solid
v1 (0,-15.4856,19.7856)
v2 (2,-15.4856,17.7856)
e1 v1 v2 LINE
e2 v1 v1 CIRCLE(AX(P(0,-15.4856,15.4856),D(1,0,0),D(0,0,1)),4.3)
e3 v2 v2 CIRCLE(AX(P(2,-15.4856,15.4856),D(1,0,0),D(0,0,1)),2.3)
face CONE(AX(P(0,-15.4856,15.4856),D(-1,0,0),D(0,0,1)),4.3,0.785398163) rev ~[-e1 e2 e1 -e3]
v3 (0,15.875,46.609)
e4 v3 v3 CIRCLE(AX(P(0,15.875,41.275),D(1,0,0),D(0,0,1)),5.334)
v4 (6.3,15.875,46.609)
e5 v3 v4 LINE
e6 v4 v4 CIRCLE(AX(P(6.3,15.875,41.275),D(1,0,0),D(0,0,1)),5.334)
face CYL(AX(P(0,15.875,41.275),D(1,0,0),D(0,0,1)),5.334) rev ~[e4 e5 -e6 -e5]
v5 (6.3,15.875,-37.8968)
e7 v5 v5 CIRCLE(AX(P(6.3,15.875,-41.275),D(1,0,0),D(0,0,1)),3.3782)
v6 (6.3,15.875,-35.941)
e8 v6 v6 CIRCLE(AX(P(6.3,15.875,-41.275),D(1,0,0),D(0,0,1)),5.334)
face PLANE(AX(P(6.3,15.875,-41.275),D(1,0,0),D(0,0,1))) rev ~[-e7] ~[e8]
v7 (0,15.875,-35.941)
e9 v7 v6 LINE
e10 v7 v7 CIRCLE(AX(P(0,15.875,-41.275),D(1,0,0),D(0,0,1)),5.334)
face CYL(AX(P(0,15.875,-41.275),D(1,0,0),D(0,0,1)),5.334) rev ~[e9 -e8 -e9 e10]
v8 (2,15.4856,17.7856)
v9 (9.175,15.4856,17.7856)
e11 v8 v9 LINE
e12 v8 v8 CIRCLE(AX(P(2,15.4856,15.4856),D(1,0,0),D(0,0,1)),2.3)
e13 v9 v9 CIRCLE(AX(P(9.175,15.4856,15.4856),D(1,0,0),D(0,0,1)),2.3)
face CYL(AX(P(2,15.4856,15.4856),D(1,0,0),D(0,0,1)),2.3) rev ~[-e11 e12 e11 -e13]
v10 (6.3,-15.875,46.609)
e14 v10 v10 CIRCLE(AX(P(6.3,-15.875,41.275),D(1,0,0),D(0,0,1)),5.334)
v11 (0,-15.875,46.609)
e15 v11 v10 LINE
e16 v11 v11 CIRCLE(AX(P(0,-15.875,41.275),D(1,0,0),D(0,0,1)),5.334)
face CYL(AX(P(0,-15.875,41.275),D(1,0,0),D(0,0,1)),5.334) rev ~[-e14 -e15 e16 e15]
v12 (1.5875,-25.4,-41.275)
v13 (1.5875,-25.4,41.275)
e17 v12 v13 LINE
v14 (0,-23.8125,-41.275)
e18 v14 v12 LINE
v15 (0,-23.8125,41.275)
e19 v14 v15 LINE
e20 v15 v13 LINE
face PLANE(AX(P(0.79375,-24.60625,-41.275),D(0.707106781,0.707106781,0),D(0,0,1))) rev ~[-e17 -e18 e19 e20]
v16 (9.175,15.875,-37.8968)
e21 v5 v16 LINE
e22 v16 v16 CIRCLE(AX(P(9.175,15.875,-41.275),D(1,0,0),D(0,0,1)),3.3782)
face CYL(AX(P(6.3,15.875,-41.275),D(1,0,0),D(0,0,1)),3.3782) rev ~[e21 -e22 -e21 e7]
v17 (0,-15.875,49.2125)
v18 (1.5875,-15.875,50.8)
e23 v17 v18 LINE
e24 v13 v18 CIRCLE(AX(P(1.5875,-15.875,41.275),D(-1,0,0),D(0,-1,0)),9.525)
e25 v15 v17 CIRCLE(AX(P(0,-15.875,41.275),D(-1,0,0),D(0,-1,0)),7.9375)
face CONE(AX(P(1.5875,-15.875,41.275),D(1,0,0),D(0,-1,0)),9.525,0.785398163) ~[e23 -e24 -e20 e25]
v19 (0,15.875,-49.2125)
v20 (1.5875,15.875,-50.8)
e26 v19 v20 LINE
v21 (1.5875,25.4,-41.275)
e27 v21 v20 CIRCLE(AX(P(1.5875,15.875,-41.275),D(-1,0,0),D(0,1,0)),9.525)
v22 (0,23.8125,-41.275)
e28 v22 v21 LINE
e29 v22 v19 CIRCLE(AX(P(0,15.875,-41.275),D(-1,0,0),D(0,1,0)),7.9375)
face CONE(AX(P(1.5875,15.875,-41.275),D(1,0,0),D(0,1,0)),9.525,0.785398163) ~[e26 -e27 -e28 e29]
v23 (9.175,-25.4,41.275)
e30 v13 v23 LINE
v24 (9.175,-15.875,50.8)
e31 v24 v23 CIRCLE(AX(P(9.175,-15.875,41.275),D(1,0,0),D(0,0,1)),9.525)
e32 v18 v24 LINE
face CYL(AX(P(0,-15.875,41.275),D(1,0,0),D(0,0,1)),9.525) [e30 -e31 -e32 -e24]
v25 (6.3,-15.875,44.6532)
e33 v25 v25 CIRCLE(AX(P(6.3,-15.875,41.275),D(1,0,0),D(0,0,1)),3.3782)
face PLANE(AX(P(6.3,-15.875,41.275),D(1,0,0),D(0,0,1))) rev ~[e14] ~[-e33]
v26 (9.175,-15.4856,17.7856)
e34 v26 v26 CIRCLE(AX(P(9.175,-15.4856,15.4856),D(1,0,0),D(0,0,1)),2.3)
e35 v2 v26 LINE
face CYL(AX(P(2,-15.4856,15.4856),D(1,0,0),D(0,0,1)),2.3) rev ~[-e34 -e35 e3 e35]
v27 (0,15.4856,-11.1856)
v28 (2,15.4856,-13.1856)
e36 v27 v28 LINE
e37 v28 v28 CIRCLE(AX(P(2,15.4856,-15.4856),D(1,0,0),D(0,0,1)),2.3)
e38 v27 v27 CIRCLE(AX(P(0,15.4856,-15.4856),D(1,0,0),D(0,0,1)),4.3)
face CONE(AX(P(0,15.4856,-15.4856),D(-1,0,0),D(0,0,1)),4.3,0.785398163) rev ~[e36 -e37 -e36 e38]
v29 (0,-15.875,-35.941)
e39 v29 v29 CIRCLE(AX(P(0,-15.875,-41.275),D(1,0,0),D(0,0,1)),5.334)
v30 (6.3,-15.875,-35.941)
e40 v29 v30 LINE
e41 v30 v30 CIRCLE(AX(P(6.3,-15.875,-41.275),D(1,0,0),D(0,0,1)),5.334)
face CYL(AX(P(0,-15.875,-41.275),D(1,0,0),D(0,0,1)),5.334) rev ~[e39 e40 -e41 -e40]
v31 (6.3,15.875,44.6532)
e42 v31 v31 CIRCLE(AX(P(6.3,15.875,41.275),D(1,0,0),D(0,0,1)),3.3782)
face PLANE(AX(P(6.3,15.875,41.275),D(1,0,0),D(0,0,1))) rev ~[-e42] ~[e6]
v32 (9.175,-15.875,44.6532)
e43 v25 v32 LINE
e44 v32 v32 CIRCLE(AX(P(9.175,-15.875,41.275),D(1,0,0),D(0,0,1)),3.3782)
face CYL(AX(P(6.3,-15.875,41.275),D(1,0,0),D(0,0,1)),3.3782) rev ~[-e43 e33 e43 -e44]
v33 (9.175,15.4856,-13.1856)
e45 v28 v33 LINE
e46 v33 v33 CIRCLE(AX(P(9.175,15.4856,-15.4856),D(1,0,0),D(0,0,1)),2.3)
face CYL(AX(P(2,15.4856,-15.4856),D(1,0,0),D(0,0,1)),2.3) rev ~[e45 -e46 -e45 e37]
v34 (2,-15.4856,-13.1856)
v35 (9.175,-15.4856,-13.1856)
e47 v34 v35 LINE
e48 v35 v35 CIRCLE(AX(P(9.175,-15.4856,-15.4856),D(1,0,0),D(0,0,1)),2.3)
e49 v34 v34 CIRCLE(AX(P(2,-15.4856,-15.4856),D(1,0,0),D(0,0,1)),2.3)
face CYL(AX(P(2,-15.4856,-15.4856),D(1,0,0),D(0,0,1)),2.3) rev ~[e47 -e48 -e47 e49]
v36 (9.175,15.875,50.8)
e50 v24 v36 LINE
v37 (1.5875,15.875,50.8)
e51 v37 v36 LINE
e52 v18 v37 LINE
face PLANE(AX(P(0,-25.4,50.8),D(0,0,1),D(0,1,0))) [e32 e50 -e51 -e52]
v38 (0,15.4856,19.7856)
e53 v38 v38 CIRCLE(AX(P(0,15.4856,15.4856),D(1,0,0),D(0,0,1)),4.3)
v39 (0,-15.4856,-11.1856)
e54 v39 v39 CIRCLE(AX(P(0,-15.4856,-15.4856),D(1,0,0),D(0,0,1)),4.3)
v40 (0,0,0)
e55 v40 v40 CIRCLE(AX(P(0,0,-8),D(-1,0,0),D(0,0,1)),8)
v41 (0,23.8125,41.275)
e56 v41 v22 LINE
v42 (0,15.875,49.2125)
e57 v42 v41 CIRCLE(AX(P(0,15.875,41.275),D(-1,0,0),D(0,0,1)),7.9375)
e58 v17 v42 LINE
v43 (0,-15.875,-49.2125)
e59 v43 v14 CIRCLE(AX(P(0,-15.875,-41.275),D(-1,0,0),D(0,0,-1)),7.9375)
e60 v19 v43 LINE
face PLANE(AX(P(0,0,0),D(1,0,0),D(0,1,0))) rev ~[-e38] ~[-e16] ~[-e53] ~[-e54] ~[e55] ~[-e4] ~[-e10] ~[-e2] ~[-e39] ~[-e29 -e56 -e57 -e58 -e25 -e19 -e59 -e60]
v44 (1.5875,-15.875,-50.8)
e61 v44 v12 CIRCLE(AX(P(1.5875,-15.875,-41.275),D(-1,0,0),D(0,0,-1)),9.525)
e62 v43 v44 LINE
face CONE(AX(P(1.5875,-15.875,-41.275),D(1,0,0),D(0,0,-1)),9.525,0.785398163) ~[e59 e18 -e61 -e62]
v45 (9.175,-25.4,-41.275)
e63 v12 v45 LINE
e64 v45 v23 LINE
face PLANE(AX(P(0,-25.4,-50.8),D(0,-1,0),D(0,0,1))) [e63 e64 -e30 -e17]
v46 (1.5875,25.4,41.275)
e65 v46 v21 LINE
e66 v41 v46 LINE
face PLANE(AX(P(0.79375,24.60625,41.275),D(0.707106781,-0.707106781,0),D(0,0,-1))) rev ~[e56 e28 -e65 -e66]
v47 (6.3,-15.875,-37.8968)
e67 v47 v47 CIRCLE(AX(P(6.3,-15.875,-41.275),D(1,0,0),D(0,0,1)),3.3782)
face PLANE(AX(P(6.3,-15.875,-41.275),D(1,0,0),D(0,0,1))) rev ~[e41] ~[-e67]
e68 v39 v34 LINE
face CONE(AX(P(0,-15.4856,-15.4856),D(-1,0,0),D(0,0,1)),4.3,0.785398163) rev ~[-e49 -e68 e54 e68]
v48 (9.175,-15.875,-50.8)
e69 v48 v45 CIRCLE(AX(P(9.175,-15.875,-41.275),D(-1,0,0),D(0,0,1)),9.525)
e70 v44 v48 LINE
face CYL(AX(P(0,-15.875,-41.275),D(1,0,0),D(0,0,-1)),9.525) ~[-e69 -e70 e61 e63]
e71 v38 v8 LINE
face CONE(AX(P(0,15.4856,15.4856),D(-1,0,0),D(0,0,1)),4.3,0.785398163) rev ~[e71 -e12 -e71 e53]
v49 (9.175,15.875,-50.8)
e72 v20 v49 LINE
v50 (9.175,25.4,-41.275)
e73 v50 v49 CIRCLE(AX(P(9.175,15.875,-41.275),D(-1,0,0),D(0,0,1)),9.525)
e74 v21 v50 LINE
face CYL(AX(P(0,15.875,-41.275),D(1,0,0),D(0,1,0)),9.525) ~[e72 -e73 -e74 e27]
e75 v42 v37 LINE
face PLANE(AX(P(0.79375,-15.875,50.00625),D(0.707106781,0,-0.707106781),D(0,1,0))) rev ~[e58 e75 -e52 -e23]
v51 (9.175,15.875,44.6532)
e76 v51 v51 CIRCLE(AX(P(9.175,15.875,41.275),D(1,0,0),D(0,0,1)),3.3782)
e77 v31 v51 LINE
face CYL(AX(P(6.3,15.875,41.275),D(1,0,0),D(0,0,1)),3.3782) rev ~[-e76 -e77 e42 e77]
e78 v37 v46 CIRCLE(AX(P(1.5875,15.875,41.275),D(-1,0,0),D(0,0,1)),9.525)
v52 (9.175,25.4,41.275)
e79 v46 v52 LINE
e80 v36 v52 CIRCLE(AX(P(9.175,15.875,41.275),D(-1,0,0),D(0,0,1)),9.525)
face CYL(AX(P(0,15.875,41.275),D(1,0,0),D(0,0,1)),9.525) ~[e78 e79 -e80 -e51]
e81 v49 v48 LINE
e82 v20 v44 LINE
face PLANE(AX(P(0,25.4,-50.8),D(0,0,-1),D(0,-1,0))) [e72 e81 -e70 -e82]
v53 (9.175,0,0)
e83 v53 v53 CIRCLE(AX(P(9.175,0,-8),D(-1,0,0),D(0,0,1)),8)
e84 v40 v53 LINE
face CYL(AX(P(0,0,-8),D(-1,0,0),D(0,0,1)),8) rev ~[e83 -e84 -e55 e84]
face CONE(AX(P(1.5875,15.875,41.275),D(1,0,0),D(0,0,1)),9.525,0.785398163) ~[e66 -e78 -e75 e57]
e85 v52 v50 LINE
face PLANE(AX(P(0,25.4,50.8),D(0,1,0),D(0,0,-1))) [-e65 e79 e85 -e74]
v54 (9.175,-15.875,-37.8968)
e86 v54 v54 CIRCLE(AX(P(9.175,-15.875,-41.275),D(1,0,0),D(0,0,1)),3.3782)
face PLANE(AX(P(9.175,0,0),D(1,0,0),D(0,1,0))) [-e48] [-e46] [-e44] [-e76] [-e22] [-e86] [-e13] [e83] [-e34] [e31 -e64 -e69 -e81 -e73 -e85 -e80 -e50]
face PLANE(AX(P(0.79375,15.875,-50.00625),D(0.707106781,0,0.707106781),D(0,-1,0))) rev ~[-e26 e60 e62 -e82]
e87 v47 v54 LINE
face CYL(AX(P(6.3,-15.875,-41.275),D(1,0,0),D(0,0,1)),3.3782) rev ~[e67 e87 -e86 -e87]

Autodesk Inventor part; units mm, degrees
ref_plane "YZ Plane" through (0, 0, 0) normal (1, 0, 0) x (0, 1, 0)
ref_plane "XZ Plane" through (0, 0, 0) normal (0, 1, 0) x (-1, 0, 0)
ref_plane "XY Plane" through (0, 0, 0) normal (0, 0, 1) x (1, 0, 0)
sketch "Sketch1" plane through (0, 0, 0) normal (1, 0, 0) x (0, 1, 0)
  line L0 (-25.4, 50.8) -> (25.4, 50.8)
  line L1 (25.4, 50.8) -> (25.4, -50.8)
  line L2 (25.4, -50.8) -> (-25.4, -50.8)
  line L3 (-25.4, -50.8) -> (-25.4, 50.8)
  line L4 (-25.4, 50.8) -> (25.4, -50.8) construction
  line L5 (25.4, 50.8) -> (-25.4, -50.8) construction
  point P0 (0, 0)
  dimension "d0" = 50.8
  dimension "d1" = 101.6
extrude "Extrusion1" add sketch "Sketch1" along normal blind 9.175
fillet "Fillet1" radius 9.525 4 edges at (4.5875, 25.4, 50.8) (4.5875, -25.4, 50.8) (4.5875, -25.4, -50.8) (4.5875, 25.4, -50.8)
sketch "Sketch2" plane through (0, 0, 0) normal (-1, 0, 0) x (0, 0, 1)
  circle A0 centre (-8, 0) radius 8 projected
  point P0 (0, 0)
  dimension "d5" = 16
extrude "Extrusion2" cut sketch "Sketch2" against normal through all
sketch "Sketch3" plane through (0, 0, 0) normal (-1, 0, 0) x (0, 0, 1)
  circle A0 centre (-8, 0) radius 8 projected
  arc A1 (-41.275, 25.4) -> (-50.8, 15.875) centre (-41.275, 15.875) ccw projected
  line L0 (-50.8, -15.875) -> (-50.8, 15.875) projected
  arc A2 (-50.8, -15.875) -> (-41.275, -25.4) centre (-41.275, -15.875) ccw projected
  line L1 (41.275, -25.4) -> (-41.275, -25.4) projected
  arc A3 (41.275, -25.4) -> (50.8, -15.875) centre (41.275, -15.875) ccw projected
  line L2 (50.8, 15.875) -> (50.8, -15.875) projected
  arc A4 (50.8, 15.875) -> (41.275, 25.4) centre (41.275, 15.875) ccw projected
  line L3 (-41.275, 25.4) -> (41.275, 25.4) projected
  point P0 (0, 0)
hole "Hole1" at (0, 15.875, -41.275) at (0, -15.875, -41.275) at (0, -15.875, 41.275) at (0, 15.875, 41.275) direction (1, 0, 0) diameter 6.7564 end through all counterbore diameter 10.668 counterbore depth 6.3 clearance for "Socket Head Cap Screw" size "1/4" standard "Ansi Unified Screw Threads"
chamfer "Chamfer1" distance 1.5875 angle 45 8 edges at (0, 0, -50.8) (0, 22.6102, -48.0102) (0, 25.4, 0) (0, 22.6102, 48.0102) (0, 0, 50.8) (0, -22.6102, 48.0102) (0, -25.4, 0) (0, -22.6102, -48.0102)
sketch "Sketch4" plane through (0, 0, 0) normal (-1, 0, 0) x (0, 0, 1)
  circle A0 centre (15.4856, 15.4856) radius 1.621 projected
  circle A1 centre (-15.4856, 15.4856) radius 1.621 projected
  circle A2 centre (-15.4856, -15.4856) radius 1.621 projected
  circle A3 centre (15.4856, -15.4856) radius 1.621 projected
  point P0 (0, 0)
hole "Hole2" at (0, 15.4856, -15.4856) at (0, 15.4856, 15.4856) at (0, -15.4856, 15.4856) at (0, -15.4856, -15.4856) direction (1, 0, 0) diameter 4.6 end through all countersink diameter 8.6 countersink angle 90
properties part number "NASA-20-MM-MP-01" material "Aluminum 6061"
